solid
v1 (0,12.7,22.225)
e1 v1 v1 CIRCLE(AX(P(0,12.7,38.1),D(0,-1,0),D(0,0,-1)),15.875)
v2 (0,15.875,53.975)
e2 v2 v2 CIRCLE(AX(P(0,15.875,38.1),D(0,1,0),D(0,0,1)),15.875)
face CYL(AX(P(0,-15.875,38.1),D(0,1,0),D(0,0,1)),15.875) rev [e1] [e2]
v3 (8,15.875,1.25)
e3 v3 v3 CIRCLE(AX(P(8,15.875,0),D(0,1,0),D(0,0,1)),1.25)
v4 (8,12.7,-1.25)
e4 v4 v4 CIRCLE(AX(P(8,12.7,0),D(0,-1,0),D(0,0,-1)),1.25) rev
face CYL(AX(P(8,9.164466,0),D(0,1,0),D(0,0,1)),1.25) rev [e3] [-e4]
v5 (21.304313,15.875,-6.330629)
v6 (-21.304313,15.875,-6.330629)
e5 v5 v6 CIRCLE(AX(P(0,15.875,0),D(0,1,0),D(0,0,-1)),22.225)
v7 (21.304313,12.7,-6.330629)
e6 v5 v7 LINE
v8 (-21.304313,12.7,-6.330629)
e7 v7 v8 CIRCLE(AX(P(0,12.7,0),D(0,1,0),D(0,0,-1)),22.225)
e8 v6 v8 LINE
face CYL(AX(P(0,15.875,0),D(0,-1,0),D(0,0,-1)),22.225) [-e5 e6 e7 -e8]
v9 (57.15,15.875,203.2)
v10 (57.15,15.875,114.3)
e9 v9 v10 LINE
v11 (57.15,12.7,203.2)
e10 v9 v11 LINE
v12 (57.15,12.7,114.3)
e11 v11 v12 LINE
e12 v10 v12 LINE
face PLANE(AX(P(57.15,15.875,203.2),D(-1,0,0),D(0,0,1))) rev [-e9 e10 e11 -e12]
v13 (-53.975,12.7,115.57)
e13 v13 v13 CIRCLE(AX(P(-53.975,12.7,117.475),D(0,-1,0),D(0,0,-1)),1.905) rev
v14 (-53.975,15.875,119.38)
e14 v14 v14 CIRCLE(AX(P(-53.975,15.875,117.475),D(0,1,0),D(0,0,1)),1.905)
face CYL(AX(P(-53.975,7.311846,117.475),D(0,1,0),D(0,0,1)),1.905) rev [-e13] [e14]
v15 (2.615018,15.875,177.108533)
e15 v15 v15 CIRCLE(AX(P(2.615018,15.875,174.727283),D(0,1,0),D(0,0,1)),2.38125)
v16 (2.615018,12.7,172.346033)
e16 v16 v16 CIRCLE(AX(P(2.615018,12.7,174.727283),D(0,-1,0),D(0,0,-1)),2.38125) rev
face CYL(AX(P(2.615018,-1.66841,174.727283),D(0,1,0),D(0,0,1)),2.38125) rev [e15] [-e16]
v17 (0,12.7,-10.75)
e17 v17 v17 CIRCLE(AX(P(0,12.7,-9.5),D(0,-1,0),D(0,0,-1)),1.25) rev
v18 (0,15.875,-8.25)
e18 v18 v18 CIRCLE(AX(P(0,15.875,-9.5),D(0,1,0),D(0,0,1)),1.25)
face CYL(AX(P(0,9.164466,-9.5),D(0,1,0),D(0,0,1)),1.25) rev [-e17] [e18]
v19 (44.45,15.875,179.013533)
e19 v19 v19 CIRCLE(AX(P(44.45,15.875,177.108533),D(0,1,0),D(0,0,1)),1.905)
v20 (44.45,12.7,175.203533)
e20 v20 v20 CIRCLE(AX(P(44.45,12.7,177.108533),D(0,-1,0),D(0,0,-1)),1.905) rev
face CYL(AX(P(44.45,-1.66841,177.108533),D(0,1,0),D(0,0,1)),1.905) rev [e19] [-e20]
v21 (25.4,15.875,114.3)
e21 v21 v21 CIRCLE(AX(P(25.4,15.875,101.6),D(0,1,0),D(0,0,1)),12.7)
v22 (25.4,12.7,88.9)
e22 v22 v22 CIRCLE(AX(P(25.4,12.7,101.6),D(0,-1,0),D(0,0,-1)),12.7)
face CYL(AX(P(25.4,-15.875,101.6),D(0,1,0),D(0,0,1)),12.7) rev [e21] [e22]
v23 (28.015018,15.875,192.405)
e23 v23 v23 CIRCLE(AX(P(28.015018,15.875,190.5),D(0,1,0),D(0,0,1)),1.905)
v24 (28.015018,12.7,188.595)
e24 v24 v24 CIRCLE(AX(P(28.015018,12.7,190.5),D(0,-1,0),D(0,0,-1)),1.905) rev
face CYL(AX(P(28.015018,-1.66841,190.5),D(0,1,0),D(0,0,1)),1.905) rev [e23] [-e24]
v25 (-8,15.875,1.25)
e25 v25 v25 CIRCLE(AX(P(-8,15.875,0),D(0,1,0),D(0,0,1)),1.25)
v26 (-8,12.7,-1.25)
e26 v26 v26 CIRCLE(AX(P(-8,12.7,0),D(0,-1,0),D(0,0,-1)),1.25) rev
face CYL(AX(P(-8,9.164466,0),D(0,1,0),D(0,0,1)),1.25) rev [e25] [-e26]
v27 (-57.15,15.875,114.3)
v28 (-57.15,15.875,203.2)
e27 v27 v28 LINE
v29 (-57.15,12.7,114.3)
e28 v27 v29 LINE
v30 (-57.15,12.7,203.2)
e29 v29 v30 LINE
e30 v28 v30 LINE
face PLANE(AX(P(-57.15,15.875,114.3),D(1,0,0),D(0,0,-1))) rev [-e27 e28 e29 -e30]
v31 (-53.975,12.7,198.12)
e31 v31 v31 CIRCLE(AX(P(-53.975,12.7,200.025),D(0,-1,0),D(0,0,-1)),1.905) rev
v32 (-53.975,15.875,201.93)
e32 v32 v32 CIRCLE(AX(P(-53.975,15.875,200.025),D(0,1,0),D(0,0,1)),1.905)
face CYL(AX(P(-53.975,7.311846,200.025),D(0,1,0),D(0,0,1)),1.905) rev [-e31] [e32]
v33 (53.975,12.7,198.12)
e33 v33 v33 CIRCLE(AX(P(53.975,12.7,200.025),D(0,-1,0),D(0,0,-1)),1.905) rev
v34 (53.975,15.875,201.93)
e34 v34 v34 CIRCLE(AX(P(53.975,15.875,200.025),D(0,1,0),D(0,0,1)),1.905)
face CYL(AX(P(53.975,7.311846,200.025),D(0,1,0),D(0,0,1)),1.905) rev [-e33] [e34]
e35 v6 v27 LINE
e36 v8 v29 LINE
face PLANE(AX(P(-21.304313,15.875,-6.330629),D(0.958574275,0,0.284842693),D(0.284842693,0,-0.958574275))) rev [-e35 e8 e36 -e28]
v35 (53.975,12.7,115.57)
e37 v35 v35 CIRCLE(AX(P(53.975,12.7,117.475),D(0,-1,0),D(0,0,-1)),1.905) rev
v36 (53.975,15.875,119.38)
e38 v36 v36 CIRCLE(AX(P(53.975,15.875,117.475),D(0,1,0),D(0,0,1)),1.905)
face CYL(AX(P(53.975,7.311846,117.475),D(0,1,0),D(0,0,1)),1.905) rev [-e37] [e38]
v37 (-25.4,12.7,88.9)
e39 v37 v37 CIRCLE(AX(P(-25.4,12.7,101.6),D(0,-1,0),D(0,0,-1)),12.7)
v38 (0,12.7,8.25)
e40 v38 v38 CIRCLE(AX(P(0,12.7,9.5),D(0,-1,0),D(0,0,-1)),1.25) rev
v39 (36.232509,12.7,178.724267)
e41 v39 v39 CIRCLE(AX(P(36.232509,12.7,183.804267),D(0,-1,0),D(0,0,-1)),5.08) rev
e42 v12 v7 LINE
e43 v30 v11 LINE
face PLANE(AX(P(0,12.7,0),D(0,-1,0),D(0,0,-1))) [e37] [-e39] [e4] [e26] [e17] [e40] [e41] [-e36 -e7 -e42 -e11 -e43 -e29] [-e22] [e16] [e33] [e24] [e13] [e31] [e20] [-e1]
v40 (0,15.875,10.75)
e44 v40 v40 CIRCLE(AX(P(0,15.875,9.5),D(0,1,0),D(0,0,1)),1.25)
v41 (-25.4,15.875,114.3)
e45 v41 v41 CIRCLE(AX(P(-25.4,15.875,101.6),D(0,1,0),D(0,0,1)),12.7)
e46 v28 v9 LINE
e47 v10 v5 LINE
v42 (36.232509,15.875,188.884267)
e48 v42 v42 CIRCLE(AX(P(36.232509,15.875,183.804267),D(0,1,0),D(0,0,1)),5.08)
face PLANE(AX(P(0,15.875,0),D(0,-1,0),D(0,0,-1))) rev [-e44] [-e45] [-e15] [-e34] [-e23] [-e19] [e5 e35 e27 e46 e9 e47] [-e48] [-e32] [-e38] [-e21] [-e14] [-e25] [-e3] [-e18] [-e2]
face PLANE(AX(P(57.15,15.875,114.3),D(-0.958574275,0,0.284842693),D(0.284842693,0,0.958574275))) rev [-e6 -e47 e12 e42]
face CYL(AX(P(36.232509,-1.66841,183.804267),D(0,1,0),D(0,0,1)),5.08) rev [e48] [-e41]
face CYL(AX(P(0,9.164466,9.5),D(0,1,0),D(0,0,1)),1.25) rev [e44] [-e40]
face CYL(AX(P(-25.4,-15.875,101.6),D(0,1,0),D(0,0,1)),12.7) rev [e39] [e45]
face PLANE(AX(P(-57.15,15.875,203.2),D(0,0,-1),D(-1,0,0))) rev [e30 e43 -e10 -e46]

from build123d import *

# Parameters (mm, degrees)
SKETCH3_W                = 114.3
SKETCH3_H                = 88.9
SKETCH3_W_2              = 101.6
SKETCH3_H_2              = 76.2
BOSS_EXTRUDE1_DEPTH      = 12.7
BOSS_EXTRUDE1_DEPTH_BACK = 12.7
SKETCH4_W                = 114.3
SKETCH4_H                = 88.9
BOSS_EXTRUDE2_DEPTH      = 3.175
BOSS_EXTRUDE3_DEPTH      = 3.175
SKETCH7_W                = 44.45
SKETCH7_H                = 25.4
BOSS_EXTRUDE4_DEPTH      = 6.35
SKETCH6_R                = 9.9695
CUT_EXTRUDE1_DEPTH       = 115.3
SKETCH13_W               = 29.21
SKETCH13_H               = 25.4
BOSS_EXTRUDE5_DEPTH      = 4.064
SKETCH14_W               = 6.35
SKETCH14_H               = 2.54
CUT_EXTRUDE2_DEPTH       = 31.75
SKETCH18_W               = 10.16
SKETCH18_H               = 5.08
CUT_EXTRUDE3_DEPTH       = 6.35
SKETCH19_R               = 0.635
CUT_EXTRUDE4_DEPTH       = 25.4
SKETCH20_R               = 1.905
CUT_EXTRUDE7_DEPTH       = 3.175
SKETCH23_R               = 5.08
SKETCH23_R_2             = 1.905
SKETCH23_R_3             = 2.38125
CUT_EXTRUDE8_DEPTH       = 3.175
SKETCH24_R               = 1.25
CUT_EXTRUDE9_DEPTH       = 3.175
BOSS_EXTRUDE7_DEPTH      = 114.3
BOSS_EXTRUDE8_DEPTH      = 28.575
SKETCH25_R               = 15.875
SKETCH25_R_2             = 12.7
CUT_EXTRUDE10_DEPTH      = 32.75
FILLET1_R                = 9.525
FILLET2_R                = 5.08
FILLET3_R                = 9.525


with BuildPart() as part:
    # Sketch3 → Boss-Extrude1 (new body, two sides)
    with BuildSketch(Plane(origin=(0, 0, 0), x_dir=(1, 0, 0), z_dir=(0, 1, 0))) as boss_extrude1_sk:
        with Locations((0, -158.75)):
            Rectangle(SKETCH3_W, SKETCH3_H)
        with Locations((0, -158.75)):
            Rectangle(SKETCH3_W_2, SKETCH3_H_2, mode=Mode.SUBTRACT)
    extrude(amount=BOSS_EXTRUDE1_DEPTH)
    extrude(boss_extrude1_sk.sketch, amount=-BOSS_EXTRUDE1_DEPTH_BACK)

    # Sketch4 → Boss-Extrude2 (add)
    with BuildSketch(Plane.XZ.offset(12.7)):
        with Locations((0, 158.75)):
            Rectangle(SKETCH4_W, SKETCH4_H)
    extrude(amount=BOSS_EXTRUDE2_DEPTH)

    # Sketch7 → Boss-Extrude4 (add)
    with BuildSketch(Plane(origin=(0, -12.7, 0), x_dir=(1, 0, 0), z_dir=(0, 1, 0))):
        with Locations((-28.575, -133.35)):
            Rectangle(SKETCH7_W, SKETCH7_H)
        with Locations((28.575, -133.35)):
            Rectangle(SKETCH7_W, SKETCH7_H)
    extrude(amount=BOSS_EXTRUDE4_DEPTH)

    # Sketch6 → Cut-Extrude1 (cut, through all)
    with BuildSketch(Plane.ZY.offset(57.15)):
        with Locations((133.35, 0)):
            Circle(SKETCH6_R)
    extrude(amount=-CUT_EXTRUDE1_DEPTH, mode=Mode.SUBTRACT)

    # Sketch13 → Boss-Extrude5 (add)
    with BuildSketch(Plane(origin=(0, -12.7, 0), x_dir=(1, 0, 0), z_dir=(0, 1, 0))):
        with Locations((-20.955, -133.35)):
            Rectangle(SKETCH13_W, SKETCH13_H)
        with Locations((20.955, -133.35)):
            Rectangle(SKETCH13_W, SKETCH13_H)
    extrude(amount=BOSS_EXTRUDE5_DEPTH)

    # Sketch14 → Cut-Extrude2 (cut)
    with BuildSketch(Plane.XY.offset(146.05)):
        with Locations((-27.305, -10.414)):
            Rectangle(SKETCH14_W, SKETCH14_H)
        with Locations((-27.305, -3.81)):
            Rectangle(SKETCH14_W, SKETCH14_H)
        with Locations((27.305, -10.414)):
            Rectangle(SKETCH14_W, SKETCH14_H)
        with Locations((27.305, -3.81)):
            Rectangle(SKETCH14_W, SKETCH14_H)
    extrude(amount=-CUT_EXTRUDE2_DEPTH, mode=Mode.SUBTRACT)

    # Sketch18 → Cut-Extrude3 (cut)
    with BuildSketch(Plane.XY.offset(120.65)):
        with Locations((-43.18, 10.16)):
            Rectangle(SKETCH18_W, SKETCH18_H)
    extrude(amount=-CUT_EXTRUDE3_DEPTH, mode=Mode.SUBTRACT)

    # Sketch19 → Cut-Extrude4 (cut)
    with BuildSketch(Plane(origin=(0, 12.7, 0), x_dir=(1, 0, 0), z_dir=(0, 1, 0))):
        with Locations((-53.975, -117.475)):
            Circle(SKETCH19_R)
        with Locations((53.975, -117.475)):
            Circle(SKETCH19_R)
        with Locations((-53.975, -200.025)):
            Circle(SKETCH19_R)
        with Locations((53.975, -200.025)):
            Circle(SKETCH19_R)
    extrude(amount=-CUT_EXTRUDE4_DEPTH, mode=Mode.SUBTRACT)

    # Sketch26 → Boss-Extrude7 (add)
    with BuildSketch(Plane(origin=(57.15, 0, 0), x_dir=(0, 0, -1), z_dir=(1, 0, 0))):
        Polygon((-203.2, 12.7), (-203.454, 12.7), (-203.454, 15.875), (-204.724, 15.875), (-213.23138686, -15.875), (-203.2, -15.875), align=None)
    extrude(amount=-BOSS_EXTRUDE7_DEPTH)

    # Sketch27 → Boss-Extrude8 (add)
    with BuildSketch(Plane.XZ.offset(15.875)):
        Polygon((57.15, 171.45), (95.25, 171.45), (95.25, 128.27), (100.33, 128.27), (100.33, 176.536200973), (57.15, 184.15), align=None)
        Polygon((-100.33, 176.536200973), (-57.15, 184.15), (-57.15, 171.45), (-95.25, 171.45), (-95.25, 128.27), (-100.33, 128.27), align=None)
    extrude(amount=-BOSS_EXTRUDE8_DEPTH)

    # Fillet1
    fillet1_edges = [part.edges().sort_by_distance(p)[0] for p in [
        (57.15, -1.5875, 184.15),
        (100.33, -1.5875, 176.536200973),
        (95.25, -1.5875, 171.45),
        (-100.33, -1.5875, 176.536200973),
        (-57.15, -1.5875, 184.15),
        (-95.25, -1.5875, 171.45),
    ]]
    fillet(fillet1_edges, radius=FILLET1_R)

    # Fillet2
    fillet2_edges = [part.edges().sort_by_distance(p)[0] for p in [
        (57.15, -1.5875, 171.45),
        (-57.15, -1.5875, 171.45),
    ]]
    fillet(fillet2_edges, radius=FILLET2_R)

    # Fillet3
    fillet3_edges = [part.edges().sort_by_distance(p)[0] for p in [
        (97.79, -15.875, 128.27),
        (97.79, 12.7, 128.27),
        (-97.79, -15.875, 128.27),
        (-97.79, 12.7, 128.27),
    ]]
    fillet(fillet3_edges, radius=FILLET3_R)


with BuildPart() as body_2:
    # Sketch5 → Boss-Extrude3 (new body)
    with BuildSketch(Plane(origin=(0, 12.7, 0), x_dir=(1, 0, 0), z_dir=(0, 1, 0))):
        with BuildLine():
            Line((-21.304313257, 6.330628851), (-57.15, -114.3))
            Line((-57.15, -114.3), (-57.15, -203.2))
            Line((-57.15, -203.2), (57.15, -203.2))
            Line((57.15, -203.2), (57.15, -114.3))
            Line((57.15, -114.3), (21.304313257, 6.330628851))
            ThreePointArc((21.304313257, 6.330628851), (0, 22.225), (-21.304313257, 6.330628851))
        make_face()
    extrude(amount=BOSS_EXTRUDE3_DEPTH)

    # Sketch20 → Cut-Extrude7 (cut)
    with BuildSketch(Plane(origin=(0, 15.875, 0), x_dir=(1, 0, 0), z_dir=(0, 1, 0))):
        with Locations((-53.975, -117.475)):
            Circle(SKETCH20_R)
        with Locations((-53.975, -200.025)):
            Circle(SKETCH20_R)
        with Locations((53.975, -200.025)):
            Circle(SKETCH20_R)
        with Locations((53.975, -117.475)):
            Circle(SKETCH20_R)
    extrude(amount=-CUT_EXTRUDE7_DEPTH, mode=Mode.SUBTRACT)

    # Sketch23 → Cut-Extrude8 (cut)
    with BuildSketch(Plane(origin=(0, 15.875, 0), x_dir=(1, 0, 0), z_dir=(0, 1, 0))):
        with Locations((36.232509154, -183.804266718)):
            Circle(SKETCH23_R)
        with Locations((44.45, -177.108533435)):
            Circle(SKETCH23_R_2)
        with Locations((28.015018307, -190.5)):
            Circle(SKETCH23_R_2)
        with Locations((2.615018307, -174.727283435)):
            Circle(SKETCH23_R_3)
    extrude(amount=-CUT_EXTRUDE8_DEPTH, mode=Mode.SUBTRACT)

    # Sketch24 → Cut-Extrude9 (cut)
    with BuildSketch(Plane(origin=(0, 15.875, 0), x_dir=(1, 0, 0), z_dir=(0, 1, 0))):
        with Locations((0, 9.5)):
            Circle(SKETCH24_R)
        with Locations((0, -9.5)):
            Circle(SKETCH24_R)
        with Locations((-8, 0)):
            Circle(SKETCH24_R)
        with Locations((8, 0)):
            Circle(SKETCH24_R)
    extrude(amount=-CUT_EXTRUDE9_DEPTH, mode=Mode.SUBTRACT)

    # Sketch25 → Cut-Extrude10 (cut, through all)
    with BuildSketch(Plane(origin=(0, 15.875, 0), x_dir=(1, 0, 0), z_dir=(0, 1, 0))):
        with Locations((0, -38.1)):
            Circle(SKETCH25_R)
        with Locations((-25.4, -101.6)):
            Circle(SKETCH25_R_2)
        with Locations((25.4, -101.6)):
            Circle(SKETCH25_R_2)
    extrude(amount=-CUT_EXTRUDE10_DEPTH, mode=Mode.SUBTRACT)


solid = body_2.part
